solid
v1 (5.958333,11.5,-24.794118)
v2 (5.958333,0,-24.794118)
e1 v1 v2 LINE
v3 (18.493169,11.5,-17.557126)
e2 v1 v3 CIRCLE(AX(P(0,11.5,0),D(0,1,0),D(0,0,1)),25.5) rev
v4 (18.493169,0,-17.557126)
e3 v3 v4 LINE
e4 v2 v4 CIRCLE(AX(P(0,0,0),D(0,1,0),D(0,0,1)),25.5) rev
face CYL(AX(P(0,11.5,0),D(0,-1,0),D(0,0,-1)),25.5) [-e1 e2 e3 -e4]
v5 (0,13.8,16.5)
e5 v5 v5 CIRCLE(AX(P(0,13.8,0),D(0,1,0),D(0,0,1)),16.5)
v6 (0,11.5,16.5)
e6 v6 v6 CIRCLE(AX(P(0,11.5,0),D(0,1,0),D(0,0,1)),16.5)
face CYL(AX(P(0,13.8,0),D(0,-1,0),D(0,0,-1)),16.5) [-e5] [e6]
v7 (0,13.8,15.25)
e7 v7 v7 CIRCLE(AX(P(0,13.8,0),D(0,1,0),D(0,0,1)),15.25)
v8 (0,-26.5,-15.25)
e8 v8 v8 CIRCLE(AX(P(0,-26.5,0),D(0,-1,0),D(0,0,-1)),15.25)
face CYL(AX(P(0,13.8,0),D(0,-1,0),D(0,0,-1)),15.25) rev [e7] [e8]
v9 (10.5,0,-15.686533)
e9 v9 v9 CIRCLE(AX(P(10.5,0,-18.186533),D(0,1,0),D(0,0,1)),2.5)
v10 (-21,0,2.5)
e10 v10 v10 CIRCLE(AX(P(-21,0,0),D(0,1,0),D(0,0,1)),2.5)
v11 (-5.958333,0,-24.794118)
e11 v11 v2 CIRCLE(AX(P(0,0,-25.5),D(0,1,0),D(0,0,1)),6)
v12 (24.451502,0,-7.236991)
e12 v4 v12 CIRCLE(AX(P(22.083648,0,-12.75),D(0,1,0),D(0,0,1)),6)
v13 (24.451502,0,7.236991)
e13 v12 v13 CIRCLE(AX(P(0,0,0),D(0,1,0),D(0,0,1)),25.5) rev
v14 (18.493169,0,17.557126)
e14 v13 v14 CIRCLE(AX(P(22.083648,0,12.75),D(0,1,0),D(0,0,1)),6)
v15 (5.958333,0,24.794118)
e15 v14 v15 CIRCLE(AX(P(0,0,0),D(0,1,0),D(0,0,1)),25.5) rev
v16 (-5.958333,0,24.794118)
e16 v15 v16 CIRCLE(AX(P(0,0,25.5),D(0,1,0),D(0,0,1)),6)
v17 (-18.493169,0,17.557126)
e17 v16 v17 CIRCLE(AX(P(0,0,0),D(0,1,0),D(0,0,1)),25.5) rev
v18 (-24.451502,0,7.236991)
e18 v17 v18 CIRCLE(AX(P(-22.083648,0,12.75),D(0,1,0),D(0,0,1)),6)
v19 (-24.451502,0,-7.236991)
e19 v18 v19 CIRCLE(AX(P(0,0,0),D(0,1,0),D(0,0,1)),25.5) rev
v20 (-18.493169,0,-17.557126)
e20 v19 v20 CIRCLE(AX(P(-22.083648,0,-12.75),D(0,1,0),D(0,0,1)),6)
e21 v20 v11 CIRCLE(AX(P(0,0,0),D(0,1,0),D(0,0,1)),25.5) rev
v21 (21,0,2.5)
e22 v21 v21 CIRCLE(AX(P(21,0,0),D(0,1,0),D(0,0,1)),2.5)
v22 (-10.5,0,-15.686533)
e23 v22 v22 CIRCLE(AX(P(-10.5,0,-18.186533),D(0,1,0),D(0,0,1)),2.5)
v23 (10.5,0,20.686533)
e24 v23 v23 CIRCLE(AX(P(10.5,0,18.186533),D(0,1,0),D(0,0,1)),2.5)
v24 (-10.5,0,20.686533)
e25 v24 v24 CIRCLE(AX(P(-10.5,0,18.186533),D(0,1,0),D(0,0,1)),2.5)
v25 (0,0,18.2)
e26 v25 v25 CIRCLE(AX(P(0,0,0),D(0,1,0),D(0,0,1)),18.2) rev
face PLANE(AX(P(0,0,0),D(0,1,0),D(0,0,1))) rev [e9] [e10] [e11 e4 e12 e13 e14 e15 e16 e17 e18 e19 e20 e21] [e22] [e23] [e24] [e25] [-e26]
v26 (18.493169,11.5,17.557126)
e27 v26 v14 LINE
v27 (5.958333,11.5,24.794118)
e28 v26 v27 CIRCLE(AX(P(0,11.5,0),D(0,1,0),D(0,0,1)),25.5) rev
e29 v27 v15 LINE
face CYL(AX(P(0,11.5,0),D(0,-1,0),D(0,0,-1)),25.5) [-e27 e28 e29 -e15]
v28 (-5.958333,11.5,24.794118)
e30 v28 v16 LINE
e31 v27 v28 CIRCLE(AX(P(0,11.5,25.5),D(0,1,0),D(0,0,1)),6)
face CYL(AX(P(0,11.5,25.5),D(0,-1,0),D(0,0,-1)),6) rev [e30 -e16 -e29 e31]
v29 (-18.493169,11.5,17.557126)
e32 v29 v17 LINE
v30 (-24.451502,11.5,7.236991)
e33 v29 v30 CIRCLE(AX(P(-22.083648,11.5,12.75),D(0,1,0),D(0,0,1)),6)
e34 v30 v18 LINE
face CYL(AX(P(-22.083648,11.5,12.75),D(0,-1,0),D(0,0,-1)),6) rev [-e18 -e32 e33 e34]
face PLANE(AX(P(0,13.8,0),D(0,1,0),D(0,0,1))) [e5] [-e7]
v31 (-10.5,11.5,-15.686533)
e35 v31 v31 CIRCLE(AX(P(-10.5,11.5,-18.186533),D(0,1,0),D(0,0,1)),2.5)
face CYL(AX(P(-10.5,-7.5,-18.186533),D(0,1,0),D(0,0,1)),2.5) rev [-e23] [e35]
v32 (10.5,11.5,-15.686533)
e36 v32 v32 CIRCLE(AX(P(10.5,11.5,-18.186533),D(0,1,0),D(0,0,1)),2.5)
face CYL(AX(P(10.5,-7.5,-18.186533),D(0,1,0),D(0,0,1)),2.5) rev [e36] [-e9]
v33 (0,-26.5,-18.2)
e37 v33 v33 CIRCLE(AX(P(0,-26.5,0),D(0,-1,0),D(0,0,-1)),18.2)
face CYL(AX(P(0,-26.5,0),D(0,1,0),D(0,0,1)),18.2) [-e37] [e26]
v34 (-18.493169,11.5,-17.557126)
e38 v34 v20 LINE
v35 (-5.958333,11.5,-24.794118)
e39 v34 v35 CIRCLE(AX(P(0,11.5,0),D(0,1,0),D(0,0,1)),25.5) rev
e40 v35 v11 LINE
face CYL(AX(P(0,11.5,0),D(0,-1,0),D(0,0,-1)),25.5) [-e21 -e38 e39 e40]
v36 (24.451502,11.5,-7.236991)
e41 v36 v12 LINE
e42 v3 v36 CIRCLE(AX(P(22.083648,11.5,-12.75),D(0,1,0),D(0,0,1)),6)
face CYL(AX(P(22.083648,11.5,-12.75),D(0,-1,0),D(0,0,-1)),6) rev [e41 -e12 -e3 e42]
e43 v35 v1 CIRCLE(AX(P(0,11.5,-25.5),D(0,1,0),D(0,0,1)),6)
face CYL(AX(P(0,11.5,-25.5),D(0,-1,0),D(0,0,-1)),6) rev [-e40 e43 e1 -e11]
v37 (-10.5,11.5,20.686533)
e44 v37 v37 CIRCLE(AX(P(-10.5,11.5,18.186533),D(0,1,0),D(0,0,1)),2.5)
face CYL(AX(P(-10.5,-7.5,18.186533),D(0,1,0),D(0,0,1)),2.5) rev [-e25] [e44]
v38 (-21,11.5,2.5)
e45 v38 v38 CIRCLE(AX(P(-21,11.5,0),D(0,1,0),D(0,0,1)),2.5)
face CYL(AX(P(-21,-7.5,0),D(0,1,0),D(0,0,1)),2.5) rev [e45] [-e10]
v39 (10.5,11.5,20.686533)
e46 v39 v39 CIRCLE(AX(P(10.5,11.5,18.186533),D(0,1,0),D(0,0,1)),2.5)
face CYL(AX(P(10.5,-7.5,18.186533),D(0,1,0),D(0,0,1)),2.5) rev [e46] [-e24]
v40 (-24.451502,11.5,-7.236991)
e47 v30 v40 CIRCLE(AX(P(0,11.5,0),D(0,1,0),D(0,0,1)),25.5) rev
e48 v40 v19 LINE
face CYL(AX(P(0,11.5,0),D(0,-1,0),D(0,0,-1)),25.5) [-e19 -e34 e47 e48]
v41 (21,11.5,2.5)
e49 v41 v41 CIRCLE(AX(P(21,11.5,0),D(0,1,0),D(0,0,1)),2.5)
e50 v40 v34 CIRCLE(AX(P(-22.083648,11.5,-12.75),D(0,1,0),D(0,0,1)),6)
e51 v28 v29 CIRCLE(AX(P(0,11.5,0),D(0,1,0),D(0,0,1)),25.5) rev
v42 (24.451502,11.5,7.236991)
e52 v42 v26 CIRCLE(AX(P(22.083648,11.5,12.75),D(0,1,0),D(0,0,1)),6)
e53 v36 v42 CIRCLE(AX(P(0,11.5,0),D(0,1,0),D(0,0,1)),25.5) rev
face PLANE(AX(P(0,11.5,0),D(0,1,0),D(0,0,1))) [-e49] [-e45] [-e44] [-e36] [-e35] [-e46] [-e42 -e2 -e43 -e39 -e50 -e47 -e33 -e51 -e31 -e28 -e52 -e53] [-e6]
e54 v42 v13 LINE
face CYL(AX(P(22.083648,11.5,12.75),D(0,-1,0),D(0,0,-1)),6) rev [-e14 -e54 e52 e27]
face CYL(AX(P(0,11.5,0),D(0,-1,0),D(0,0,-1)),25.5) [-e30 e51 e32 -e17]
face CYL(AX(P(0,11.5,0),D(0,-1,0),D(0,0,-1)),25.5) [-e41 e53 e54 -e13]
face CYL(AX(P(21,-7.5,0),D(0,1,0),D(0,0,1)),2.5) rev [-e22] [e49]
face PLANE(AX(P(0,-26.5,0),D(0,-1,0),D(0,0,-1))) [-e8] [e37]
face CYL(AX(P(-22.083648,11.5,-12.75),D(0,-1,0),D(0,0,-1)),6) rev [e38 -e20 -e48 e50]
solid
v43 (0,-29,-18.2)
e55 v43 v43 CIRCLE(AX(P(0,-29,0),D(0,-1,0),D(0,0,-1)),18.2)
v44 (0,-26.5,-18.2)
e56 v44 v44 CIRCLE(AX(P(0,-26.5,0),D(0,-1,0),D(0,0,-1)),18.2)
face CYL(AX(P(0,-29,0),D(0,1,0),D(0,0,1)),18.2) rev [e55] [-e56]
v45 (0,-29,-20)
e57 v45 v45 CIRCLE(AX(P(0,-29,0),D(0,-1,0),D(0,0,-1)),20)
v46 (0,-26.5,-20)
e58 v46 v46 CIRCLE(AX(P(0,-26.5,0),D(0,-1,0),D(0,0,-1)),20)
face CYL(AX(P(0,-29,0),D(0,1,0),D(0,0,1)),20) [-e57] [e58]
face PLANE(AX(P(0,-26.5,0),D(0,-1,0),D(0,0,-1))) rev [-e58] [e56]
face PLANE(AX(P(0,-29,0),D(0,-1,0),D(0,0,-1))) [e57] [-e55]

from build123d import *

# Parameters (mm, degrees)
EXTRUDE_1_DEPTH     = 11.5
SKETCH_2_R          = 16.5
SKETCH_2_R_2        = 15.25
EXTRUDE_2_DEPTH     = 2.3
SKETCH_3_R          = 15.25
CUT_EXTRUDE_2_DEPTH = 12.5
SKETCH_4_R          = 18.2
SKETCH_4_R_2        = 15.25
EXTRUDE_3_DEPTH     = 26.5
SKETCH_5_R          = 20
SKETCH_5_R_2        = 18.2
EXTRUDE_4_DEPTH     = 2.5
SKETCH_7_R          = 2.5
CUT_EXTRUDE_4_DEPTH = 19


with BuildPart() as part:
    # ｽｹｯﾁ1 → ﾎﾞｽ - 押し出し1 (new body)
    with BuildSketch(Plane(origin=(0, 0, 0), x_dir=(1, 0, 0), z_dir=(0, 1, 0))):
        with BuildLine():
            ThreePointArc((-5.958332829, 24.794117647), (0, 19.5), (5.958332829, 24.794117647))
            ThreePointArc((5.958332829, 24.794117647), (12.75, 22.083647797), (18.493169332, 17.557126418))
            ThreePointArc((18.493169332, 17.557126418), (16.887495374, 9.75), (24.451502161, 7.236991229))
            ThreePointArc((24.451502161, 7.236991229), (25.5, 0), (24.451502161, -7.236991229))
            ThreePointArc((24.451502161, -7.236991229), (16.887495374, -9.75), (18.493169332, -17.557126418))
            ThreePointArc((18.493169332, -17.557126418), (12.75, -22.083647797), (5.958332829, -24.794117647))
            ThreePointArc((5.958332829, -24.794117647), (0, -19.5), (-5.958332829, -24.794117647))
            ThreePointArc((-5.958332829, -24.794117647), (-12.75, -22.083647797), (-18.493169332, -17.557126418))
            ThreePointArc((-18.493169332, -17.557126418), (-16.887495374, -9.75), (-24.451502161, -7.236991229))
            ThreePointArc((-24.451502161, -7.236991229), (-25.5, 0), (-24.451502161, 7.236991229))
            ThreePointArc((-24.451502161, 7.236991229), (-16.887495374, 9.75), (-18.493169332, 17.557126418))
            ThreePointArc((-18.493169332, 17.557126418), (-12.75, 22.083647797), (-5.958332829, 24.794117647))
        make_face()
    extrude(amount=EXTRUDE_1_DEPTH)

    # ｽｹｯﾁ2 → ﾎﾞｽ - 押し出し2 (add)
    with BuildSketch(Plane(origin=(0, 11.5, 0), x_dir=(1, 0, 0), z_dir=(0, 1, 0))):
        Circle(SKETCH_2_R)
        Circle(SKETCH_2_R_2, mode=Mode.SUBTRACT)
    extrude(amount=EXTRUDE_2_DEPTH)

    # ｽｹｯﾁ3 → ｶｯﾄ - 押し出し2 (cut, through all)
    with BuildSketch(Plane(origin=(0, 11.5, 0), x_dir=(1, 0, 0), z_dir=(0, 1, 0))):
        Circle(SKETCH_3_R)
    extrude(amount=-CUT_EXTRUDE_2_DEPTH, mode=Mode.SUBTRACT)

    # ｽｹｯﾁ4 → ﾎﾞｽ - 押し出し3 (add)
    with BuildSketch(Plane.XZ):
        Circle(SKETCH_4_R)
        Circle(SKETCH_4_R_2, mode=Mode.SUBTRACT)
    extrude(amount=EXTRUDE_3_DEPTH)

    # ｽｹｯﾁ7 → ｶｯﾄ - 押し出し4 (cut)
    with BuildSketch(Plane(origin=(0, 11.5, 0), x_dir=(1, 0, 0), z_dir=(0, 1, 0))):
        with Locations((21, 0)):
            Circle(SKETCH_7_R)
        with Locations((10.5, -18.186533479)):
            Circle(SKETCH_7_R)
        with Locations((-10.5, -18.186533479)):
            Circle(SKETCH_7_R)
        with Locations((-21, 0)):
            Circle(SKETCH_7_R)
        with Locations((-10.5, 18.186533479)):
            Circle(SKETCH_7_R)
        with Locations((10.5, 18.186533479)):
            Circle(SKETCH_7_R)
    extrude(amount=-CUT_EXTRUDE_4_DEPTH, mode=Mode.SUBTRACT)


with BuildPart() as body_2:
    # ｽｹｯﾁ5 → ﾎﾞｽ - 押し出し4 (new body)
    with BuildSketch(Plane.XZ.offset(26.5)):
        Circle(SKETCH_5_R)
        Circle(SKETCH_5_R_2, mode=Mode.SUBTRACT)
    extrude(amount=EXTRUDE_4_DEPTH)


solid = Compound([part.part, body_2.part])
